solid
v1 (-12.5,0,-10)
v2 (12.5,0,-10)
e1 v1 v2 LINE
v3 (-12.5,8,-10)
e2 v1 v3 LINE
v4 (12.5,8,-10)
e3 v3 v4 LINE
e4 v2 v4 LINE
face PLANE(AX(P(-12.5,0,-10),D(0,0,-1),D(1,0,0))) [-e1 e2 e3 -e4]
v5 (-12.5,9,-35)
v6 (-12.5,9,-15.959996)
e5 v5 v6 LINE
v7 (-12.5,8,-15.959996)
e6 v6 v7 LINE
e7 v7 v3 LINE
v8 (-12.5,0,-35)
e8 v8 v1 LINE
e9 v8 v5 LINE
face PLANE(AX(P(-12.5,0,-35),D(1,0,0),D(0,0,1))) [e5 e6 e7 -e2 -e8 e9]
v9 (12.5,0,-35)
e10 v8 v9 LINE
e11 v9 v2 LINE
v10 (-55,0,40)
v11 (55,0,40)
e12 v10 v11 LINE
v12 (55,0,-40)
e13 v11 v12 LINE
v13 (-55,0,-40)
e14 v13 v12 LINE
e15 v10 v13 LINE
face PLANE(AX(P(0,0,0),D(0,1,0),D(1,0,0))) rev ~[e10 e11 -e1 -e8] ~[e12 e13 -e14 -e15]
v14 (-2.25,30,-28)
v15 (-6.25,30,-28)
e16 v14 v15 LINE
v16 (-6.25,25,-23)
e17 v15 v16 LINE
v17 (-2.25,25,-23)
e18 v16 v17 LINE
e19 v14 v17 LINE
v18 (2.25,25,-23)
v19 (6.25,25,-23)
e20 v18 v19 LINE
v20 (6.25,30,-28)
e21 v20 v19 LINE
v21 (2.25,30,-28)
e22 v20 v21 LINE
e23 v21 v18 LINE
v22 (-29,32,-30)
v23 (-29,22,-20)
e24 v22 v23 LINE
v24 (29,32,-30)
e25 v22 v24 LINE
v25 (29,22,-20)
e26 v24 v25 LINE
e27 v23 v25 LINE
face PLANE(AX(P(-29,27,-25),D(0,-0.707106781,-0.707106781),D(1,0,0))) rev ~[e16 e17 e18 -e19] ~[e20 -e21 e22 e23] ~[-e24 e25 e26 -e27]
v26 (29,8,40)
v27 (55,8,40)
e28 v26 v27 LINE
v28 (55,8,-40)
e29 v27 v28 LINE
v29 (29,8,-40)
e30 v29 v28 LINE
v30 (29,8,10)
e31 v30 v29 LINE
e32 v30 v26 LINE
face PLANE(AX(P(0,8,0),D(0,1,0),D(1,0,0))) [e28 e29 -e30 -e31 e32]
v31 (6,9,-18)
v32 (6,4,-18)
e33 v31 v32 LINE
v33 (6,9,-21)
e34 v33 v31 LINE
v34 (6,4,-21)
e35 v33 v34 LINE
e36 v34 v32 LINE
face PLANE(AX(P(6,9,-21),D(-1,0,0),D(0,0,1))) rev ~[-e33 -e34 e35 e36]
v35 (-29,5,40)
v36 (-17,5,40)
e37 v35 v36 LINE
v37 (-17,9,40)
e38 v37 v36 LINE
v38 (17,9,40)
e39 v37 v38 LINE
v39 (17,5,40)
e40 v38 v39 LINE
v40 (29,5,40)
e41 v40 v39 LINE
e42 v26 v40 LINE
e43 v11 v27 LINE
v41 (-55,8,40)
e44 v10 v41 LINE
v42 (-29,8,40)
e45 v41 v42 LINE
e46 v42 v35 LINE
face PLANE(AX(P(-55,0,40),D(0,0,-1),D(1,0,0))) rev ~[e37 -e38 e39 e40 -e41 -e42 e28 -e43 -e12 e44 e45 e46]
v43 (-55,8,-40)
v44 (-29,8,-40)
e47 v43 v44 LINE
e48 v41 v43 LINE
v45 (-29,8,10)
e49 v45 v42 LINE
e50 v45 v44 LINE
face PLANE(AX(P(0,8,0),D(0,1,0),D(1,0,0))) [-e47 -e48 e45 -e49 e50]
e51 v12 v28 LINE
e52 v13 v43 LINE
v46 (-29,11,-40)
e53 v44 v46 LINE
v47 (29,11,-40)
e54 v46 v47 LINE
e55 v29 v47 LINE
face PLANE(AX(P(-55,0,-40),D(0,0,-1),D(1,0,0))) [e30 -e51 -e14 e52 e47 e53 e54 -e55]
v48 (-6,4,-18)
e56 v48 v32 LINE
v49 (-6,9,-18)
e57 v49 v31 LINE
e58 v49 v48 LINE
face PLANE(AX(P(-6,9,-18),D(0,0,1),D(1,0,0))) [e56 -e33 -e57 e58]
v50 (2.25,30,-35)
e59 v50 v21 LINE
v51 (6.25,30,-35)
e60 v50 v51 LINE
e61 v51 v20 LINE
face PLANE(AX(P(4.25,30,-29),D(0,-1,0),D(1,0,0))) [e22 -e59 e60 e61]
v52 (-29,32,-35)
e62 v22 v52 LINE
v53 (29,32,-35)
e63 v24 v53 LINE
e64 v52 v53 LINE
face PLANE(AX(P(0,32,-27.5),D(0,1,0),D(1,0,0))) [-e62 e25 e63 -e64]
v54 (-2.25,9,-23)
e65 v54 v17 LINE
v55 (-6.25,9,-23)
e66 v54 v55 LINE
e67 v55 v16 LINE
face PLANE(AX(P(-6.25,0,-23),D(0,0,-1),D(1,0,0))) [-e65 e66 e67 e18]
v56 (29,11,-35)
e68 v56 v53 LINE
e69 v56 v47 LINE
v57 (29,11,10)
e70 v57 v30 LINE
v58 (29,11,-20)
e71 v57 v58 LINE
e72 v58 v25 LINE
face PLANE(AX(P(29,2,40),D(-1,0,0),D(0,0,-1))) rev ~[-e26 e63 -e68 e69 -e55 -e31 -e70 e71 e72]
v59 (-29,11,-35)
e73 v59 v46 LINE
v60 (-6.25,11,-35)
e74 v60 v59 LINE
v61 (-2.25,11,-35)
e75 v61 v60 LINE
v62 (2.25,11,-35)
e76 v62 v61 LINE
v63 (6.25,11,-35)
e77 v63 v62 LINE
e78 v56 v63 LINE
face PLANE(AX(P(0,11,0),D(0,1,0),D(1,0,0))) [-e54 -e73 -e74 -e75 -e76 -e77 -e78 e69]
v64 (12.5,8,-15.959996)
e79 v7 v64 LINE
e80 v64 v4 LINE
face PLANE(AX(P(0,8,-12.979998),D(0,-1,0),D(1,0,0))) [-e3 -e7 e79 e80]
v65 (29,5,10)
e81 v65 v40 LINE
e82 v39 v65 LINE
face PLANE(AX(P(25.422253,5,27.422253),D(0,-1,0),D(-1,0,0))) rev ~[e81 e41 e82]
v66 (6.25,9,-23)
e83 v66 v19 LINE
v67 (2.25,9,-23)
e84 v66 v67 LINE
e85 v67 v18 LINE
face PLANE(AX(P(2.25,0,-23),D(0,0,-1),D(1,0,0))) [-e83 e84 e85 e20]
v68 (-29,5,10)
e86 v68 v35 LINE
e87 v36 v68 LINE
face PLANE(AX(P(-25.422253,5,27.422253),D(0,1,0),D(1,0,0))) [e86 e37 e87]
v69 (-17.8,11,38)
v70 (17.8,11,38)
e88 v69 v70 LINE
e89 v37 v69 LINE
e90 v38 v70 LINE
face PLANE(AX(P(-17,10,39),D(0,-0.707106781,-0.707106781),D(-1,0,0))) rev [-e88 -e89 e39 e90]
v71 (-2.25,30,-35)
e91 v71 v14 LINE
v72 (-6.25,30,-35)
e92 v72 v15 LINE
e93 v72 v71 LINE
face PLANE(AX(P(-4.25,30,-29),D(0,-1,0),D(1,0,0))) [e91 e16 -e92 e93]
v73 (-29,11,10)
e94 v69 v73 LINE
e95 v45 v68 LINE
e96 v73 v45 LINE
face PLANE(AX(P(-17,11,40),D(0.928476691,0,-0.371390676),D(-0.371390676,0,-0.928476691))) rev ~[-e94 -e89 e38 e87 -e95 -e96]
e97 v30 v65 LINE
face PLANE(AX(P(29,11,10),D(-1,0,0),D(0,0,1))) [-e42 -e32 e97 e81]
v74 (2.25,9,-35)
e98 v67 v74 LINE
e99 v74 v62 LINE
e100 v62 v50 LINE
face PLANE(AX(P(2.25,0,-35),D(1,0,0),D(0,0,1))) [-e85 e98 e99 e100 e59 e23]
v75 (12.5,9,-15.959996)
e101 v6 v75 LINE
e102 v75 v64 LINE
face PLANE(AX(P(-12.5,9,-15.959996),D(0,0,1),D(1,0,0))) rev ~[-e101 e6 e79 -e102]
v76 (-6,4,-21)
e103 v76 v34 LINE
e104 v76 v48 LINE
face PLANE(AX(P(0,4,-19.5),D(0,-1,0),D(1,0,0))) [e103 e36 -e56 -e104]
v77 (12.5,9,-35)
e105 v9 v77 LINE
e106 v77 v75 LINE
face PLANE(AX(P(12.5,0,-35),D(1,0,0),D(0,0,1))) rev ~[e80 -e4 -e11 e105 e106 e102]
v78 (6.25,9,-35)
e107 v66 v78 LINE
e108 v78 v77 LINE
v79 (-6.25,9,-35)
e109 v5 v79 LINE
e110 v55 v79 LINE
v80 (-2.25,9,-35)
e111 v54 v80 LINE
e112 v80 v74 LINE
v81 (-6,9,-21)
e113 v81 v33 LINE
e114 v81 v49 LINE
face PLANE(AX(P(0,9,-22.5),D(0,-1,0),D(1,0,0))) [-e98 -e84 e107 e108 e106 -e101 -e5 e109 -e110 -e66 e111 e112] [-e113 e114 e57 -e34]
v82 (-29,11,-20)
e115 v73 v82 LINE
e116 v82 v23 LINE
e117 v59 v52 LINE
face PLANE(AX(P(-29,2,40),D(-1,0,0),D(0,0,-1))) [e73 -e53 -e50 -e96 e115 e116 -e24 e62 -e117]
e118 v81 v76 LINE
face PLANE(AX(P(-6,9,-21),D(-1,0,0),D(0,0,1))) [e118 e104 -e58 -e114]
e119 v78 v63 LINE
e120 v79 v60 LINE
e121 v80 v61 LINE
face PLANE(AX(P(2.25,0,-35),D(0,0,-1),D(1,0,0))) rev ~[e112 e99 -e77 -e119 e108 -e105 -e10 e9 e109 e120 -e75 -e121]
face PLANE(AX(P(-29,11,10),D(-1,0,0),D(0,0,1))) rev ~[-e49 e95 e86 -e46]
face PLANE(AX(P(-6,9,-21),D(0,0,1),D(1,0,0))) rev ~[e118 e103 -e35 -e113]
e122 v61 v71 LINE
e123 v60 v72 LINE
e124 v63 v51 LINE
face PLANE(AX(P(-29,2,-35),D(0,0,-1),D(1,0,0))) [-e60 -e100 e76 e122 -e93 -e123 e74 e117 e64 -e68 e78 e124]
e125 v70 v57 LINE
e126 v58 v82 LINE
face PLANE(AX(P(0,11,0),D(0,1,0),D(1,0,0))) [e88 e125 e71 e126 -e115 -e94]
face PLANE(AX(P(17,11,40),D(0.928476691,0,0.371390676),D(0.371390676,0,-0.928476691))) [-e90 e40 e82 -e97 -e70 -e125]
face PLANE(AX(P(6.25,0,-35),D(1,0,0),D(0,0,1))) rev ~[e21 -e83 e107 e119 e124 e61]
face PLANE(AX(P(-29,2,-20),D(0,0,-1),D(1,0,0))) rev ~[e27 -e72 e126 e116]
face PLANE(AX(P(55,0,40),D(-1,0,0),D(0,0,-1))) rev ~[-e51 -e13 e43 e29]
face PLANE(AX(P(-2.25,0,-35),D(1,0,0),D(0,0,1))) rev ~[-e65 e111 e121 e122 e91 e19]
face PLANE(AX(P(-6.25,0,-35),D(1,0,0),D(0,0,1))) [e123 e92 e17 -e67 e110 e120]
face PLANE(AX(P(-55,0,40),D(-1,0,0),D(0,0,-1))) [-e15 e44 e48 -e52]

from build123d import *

# Parameters (mm, degrees)
SKETCH_1_W          = 110
SKETCH_1_H          = 80
EXTRUDE_1_DEPTH     = 8
SKETCH_3_W          = 58
SKETCH_3_H          = 80
EXTRUDE_2_DEPTH     = 9
CUT_EXTRUDE_2_DEPTH = 6
CHAMFER_5_SIZE      = 2
SKETCH_10_W         = 58
SKETCH_10_H         = 15
EXTRUDE_5_DEPTH     = 30
CHAMFER_9_SIZE      = 10
SKETCH_11_W         = 4
SKETCH_11_H         = 12
CUT_EXTRUDE_6_DEPTH = 30
SKETCH_12_W         = 25
SKETCH_12_H         = 25
CUT_EXTRUDE_7_DEPTH = 9
SKETCH_13_W         = 12
SKETCH_13_H         = 3
EXTRUDE_6_DEPTH     = 5
SKETCH_14_W         = 25
SKETCH_14_H         = 5.959996218
EXTRUDE_7_DEPTH     = 1


with BuildPart() as part:
    # 草图1 → 凸台-拉伸1 (new body)
    with BuildSketch(Plane(origin=(0, 0, 0), x_dir=(1, 0, 0), z_dir=(0, 1, 0))):
        Rectangle(SKETCH_1_W, SKETCH_1_H)
    extrude(amount=EXTRUDE_1_DEPTH)

    # 草图3 → 凸台-拉伸2 (add)
    with BuildSketch(Plane(origin=(0, 2, 0), x_dir=(1, 0, 0), z_dir=(0, 1, 0))):
        Rectangle(SKETCH_3_W, SKETCH_3_H)
    extrude(amount=EXTRUDE_2_DEPTH)

    # 草图4 → 切除-拉伸2 (cut)
    with BuildSketch(Plane(origin=(0, 11, 0), x_dir=(1, 0, 0), z_dir=(0, 1, 0))):
        Polygon((-29, -10), (-29, -40), (-17, -40), align=None)
        Polygon((17, -40), (29, -10), (29, -40), align=None)
    extrude(amount=-CUT_EXTRUDE_2_DEPTH, mode=Mode.SUBTRACT)

    # 倒角5
    chamfer_5_edges = [part.edges().sort_by_distance(p)[0] for p in [
        (0, 11, 40),
    ]]
    chamfer(chamfer_5_edges, length=CHAMFER_5_SIZE)

    # 草图10 → 凸台-拉伸5 (add)
    with BuildSketch(Plane(origin=(0, 2, 0), x_dir=(1, 0, 0), z_dir=(0, 1, 0))):
        with Locations((0, 27.5)):
            Rectangle(SKETCH_10_W, SKETCH_10_H)
    extrude(amount=EXTRUDE_5_DEPTH)

    # 倒角9
    chamfer_9_edges = [part.edges().sort_by_distance(p)[0] for p in [
        (0, 32, -20),
    ]]
    chamfer(chamfer_9_edges, length=CHAMFER_9_SIZE)

    # 草图11 → 切除-拉伸6 (cut)
    with BuildSketch(Plane.XZ):
        with Locations((-4.25, -29)):
            Rectangle(SKETCH_11_W, SKETCH_11_H)
        with Locations((4.25, -29)):
            Rectangle(SKETCH_11_W, SKETCH_11_H)
    extrude(amount=-CUT_EXTRUDE_6_DEPTH, mode=Mode.SUBTRACT)

    # 草图12 → 切除-拉伸7 (cut)
    with BuildSketch(Plane.XZ):
        with Locations((0, -22.5)):
            Rectangle(SKETCH_12_W, SKETCH_12_H)
    extrude(amount=-CUT_EXTRUDE_7_DEPTH, mode=Mode.SUBTRACT)

    # 草图13 → 凸台-拉伸6 (add)
    with BuildSketch(Plane.XZ.offset(-9)):
        with Locations((0, -19.5)):
            Rectangle(SKETCH_13_W, SKETCH_13_H)
    extrude(amount=EXTRUDE_6_DEPTH)

    # 草图14 → 凸台-拉伸7 (add)
    with BuildSketch(Plane.XZ.offset(-9)):
        with Locations((0, -12.979998109)):
            Rectangle(SKETCH_14_W, SKETCH_14_H)
    extrude(amount=EXTRUDE_7_DEPTH)


solid = part.part
